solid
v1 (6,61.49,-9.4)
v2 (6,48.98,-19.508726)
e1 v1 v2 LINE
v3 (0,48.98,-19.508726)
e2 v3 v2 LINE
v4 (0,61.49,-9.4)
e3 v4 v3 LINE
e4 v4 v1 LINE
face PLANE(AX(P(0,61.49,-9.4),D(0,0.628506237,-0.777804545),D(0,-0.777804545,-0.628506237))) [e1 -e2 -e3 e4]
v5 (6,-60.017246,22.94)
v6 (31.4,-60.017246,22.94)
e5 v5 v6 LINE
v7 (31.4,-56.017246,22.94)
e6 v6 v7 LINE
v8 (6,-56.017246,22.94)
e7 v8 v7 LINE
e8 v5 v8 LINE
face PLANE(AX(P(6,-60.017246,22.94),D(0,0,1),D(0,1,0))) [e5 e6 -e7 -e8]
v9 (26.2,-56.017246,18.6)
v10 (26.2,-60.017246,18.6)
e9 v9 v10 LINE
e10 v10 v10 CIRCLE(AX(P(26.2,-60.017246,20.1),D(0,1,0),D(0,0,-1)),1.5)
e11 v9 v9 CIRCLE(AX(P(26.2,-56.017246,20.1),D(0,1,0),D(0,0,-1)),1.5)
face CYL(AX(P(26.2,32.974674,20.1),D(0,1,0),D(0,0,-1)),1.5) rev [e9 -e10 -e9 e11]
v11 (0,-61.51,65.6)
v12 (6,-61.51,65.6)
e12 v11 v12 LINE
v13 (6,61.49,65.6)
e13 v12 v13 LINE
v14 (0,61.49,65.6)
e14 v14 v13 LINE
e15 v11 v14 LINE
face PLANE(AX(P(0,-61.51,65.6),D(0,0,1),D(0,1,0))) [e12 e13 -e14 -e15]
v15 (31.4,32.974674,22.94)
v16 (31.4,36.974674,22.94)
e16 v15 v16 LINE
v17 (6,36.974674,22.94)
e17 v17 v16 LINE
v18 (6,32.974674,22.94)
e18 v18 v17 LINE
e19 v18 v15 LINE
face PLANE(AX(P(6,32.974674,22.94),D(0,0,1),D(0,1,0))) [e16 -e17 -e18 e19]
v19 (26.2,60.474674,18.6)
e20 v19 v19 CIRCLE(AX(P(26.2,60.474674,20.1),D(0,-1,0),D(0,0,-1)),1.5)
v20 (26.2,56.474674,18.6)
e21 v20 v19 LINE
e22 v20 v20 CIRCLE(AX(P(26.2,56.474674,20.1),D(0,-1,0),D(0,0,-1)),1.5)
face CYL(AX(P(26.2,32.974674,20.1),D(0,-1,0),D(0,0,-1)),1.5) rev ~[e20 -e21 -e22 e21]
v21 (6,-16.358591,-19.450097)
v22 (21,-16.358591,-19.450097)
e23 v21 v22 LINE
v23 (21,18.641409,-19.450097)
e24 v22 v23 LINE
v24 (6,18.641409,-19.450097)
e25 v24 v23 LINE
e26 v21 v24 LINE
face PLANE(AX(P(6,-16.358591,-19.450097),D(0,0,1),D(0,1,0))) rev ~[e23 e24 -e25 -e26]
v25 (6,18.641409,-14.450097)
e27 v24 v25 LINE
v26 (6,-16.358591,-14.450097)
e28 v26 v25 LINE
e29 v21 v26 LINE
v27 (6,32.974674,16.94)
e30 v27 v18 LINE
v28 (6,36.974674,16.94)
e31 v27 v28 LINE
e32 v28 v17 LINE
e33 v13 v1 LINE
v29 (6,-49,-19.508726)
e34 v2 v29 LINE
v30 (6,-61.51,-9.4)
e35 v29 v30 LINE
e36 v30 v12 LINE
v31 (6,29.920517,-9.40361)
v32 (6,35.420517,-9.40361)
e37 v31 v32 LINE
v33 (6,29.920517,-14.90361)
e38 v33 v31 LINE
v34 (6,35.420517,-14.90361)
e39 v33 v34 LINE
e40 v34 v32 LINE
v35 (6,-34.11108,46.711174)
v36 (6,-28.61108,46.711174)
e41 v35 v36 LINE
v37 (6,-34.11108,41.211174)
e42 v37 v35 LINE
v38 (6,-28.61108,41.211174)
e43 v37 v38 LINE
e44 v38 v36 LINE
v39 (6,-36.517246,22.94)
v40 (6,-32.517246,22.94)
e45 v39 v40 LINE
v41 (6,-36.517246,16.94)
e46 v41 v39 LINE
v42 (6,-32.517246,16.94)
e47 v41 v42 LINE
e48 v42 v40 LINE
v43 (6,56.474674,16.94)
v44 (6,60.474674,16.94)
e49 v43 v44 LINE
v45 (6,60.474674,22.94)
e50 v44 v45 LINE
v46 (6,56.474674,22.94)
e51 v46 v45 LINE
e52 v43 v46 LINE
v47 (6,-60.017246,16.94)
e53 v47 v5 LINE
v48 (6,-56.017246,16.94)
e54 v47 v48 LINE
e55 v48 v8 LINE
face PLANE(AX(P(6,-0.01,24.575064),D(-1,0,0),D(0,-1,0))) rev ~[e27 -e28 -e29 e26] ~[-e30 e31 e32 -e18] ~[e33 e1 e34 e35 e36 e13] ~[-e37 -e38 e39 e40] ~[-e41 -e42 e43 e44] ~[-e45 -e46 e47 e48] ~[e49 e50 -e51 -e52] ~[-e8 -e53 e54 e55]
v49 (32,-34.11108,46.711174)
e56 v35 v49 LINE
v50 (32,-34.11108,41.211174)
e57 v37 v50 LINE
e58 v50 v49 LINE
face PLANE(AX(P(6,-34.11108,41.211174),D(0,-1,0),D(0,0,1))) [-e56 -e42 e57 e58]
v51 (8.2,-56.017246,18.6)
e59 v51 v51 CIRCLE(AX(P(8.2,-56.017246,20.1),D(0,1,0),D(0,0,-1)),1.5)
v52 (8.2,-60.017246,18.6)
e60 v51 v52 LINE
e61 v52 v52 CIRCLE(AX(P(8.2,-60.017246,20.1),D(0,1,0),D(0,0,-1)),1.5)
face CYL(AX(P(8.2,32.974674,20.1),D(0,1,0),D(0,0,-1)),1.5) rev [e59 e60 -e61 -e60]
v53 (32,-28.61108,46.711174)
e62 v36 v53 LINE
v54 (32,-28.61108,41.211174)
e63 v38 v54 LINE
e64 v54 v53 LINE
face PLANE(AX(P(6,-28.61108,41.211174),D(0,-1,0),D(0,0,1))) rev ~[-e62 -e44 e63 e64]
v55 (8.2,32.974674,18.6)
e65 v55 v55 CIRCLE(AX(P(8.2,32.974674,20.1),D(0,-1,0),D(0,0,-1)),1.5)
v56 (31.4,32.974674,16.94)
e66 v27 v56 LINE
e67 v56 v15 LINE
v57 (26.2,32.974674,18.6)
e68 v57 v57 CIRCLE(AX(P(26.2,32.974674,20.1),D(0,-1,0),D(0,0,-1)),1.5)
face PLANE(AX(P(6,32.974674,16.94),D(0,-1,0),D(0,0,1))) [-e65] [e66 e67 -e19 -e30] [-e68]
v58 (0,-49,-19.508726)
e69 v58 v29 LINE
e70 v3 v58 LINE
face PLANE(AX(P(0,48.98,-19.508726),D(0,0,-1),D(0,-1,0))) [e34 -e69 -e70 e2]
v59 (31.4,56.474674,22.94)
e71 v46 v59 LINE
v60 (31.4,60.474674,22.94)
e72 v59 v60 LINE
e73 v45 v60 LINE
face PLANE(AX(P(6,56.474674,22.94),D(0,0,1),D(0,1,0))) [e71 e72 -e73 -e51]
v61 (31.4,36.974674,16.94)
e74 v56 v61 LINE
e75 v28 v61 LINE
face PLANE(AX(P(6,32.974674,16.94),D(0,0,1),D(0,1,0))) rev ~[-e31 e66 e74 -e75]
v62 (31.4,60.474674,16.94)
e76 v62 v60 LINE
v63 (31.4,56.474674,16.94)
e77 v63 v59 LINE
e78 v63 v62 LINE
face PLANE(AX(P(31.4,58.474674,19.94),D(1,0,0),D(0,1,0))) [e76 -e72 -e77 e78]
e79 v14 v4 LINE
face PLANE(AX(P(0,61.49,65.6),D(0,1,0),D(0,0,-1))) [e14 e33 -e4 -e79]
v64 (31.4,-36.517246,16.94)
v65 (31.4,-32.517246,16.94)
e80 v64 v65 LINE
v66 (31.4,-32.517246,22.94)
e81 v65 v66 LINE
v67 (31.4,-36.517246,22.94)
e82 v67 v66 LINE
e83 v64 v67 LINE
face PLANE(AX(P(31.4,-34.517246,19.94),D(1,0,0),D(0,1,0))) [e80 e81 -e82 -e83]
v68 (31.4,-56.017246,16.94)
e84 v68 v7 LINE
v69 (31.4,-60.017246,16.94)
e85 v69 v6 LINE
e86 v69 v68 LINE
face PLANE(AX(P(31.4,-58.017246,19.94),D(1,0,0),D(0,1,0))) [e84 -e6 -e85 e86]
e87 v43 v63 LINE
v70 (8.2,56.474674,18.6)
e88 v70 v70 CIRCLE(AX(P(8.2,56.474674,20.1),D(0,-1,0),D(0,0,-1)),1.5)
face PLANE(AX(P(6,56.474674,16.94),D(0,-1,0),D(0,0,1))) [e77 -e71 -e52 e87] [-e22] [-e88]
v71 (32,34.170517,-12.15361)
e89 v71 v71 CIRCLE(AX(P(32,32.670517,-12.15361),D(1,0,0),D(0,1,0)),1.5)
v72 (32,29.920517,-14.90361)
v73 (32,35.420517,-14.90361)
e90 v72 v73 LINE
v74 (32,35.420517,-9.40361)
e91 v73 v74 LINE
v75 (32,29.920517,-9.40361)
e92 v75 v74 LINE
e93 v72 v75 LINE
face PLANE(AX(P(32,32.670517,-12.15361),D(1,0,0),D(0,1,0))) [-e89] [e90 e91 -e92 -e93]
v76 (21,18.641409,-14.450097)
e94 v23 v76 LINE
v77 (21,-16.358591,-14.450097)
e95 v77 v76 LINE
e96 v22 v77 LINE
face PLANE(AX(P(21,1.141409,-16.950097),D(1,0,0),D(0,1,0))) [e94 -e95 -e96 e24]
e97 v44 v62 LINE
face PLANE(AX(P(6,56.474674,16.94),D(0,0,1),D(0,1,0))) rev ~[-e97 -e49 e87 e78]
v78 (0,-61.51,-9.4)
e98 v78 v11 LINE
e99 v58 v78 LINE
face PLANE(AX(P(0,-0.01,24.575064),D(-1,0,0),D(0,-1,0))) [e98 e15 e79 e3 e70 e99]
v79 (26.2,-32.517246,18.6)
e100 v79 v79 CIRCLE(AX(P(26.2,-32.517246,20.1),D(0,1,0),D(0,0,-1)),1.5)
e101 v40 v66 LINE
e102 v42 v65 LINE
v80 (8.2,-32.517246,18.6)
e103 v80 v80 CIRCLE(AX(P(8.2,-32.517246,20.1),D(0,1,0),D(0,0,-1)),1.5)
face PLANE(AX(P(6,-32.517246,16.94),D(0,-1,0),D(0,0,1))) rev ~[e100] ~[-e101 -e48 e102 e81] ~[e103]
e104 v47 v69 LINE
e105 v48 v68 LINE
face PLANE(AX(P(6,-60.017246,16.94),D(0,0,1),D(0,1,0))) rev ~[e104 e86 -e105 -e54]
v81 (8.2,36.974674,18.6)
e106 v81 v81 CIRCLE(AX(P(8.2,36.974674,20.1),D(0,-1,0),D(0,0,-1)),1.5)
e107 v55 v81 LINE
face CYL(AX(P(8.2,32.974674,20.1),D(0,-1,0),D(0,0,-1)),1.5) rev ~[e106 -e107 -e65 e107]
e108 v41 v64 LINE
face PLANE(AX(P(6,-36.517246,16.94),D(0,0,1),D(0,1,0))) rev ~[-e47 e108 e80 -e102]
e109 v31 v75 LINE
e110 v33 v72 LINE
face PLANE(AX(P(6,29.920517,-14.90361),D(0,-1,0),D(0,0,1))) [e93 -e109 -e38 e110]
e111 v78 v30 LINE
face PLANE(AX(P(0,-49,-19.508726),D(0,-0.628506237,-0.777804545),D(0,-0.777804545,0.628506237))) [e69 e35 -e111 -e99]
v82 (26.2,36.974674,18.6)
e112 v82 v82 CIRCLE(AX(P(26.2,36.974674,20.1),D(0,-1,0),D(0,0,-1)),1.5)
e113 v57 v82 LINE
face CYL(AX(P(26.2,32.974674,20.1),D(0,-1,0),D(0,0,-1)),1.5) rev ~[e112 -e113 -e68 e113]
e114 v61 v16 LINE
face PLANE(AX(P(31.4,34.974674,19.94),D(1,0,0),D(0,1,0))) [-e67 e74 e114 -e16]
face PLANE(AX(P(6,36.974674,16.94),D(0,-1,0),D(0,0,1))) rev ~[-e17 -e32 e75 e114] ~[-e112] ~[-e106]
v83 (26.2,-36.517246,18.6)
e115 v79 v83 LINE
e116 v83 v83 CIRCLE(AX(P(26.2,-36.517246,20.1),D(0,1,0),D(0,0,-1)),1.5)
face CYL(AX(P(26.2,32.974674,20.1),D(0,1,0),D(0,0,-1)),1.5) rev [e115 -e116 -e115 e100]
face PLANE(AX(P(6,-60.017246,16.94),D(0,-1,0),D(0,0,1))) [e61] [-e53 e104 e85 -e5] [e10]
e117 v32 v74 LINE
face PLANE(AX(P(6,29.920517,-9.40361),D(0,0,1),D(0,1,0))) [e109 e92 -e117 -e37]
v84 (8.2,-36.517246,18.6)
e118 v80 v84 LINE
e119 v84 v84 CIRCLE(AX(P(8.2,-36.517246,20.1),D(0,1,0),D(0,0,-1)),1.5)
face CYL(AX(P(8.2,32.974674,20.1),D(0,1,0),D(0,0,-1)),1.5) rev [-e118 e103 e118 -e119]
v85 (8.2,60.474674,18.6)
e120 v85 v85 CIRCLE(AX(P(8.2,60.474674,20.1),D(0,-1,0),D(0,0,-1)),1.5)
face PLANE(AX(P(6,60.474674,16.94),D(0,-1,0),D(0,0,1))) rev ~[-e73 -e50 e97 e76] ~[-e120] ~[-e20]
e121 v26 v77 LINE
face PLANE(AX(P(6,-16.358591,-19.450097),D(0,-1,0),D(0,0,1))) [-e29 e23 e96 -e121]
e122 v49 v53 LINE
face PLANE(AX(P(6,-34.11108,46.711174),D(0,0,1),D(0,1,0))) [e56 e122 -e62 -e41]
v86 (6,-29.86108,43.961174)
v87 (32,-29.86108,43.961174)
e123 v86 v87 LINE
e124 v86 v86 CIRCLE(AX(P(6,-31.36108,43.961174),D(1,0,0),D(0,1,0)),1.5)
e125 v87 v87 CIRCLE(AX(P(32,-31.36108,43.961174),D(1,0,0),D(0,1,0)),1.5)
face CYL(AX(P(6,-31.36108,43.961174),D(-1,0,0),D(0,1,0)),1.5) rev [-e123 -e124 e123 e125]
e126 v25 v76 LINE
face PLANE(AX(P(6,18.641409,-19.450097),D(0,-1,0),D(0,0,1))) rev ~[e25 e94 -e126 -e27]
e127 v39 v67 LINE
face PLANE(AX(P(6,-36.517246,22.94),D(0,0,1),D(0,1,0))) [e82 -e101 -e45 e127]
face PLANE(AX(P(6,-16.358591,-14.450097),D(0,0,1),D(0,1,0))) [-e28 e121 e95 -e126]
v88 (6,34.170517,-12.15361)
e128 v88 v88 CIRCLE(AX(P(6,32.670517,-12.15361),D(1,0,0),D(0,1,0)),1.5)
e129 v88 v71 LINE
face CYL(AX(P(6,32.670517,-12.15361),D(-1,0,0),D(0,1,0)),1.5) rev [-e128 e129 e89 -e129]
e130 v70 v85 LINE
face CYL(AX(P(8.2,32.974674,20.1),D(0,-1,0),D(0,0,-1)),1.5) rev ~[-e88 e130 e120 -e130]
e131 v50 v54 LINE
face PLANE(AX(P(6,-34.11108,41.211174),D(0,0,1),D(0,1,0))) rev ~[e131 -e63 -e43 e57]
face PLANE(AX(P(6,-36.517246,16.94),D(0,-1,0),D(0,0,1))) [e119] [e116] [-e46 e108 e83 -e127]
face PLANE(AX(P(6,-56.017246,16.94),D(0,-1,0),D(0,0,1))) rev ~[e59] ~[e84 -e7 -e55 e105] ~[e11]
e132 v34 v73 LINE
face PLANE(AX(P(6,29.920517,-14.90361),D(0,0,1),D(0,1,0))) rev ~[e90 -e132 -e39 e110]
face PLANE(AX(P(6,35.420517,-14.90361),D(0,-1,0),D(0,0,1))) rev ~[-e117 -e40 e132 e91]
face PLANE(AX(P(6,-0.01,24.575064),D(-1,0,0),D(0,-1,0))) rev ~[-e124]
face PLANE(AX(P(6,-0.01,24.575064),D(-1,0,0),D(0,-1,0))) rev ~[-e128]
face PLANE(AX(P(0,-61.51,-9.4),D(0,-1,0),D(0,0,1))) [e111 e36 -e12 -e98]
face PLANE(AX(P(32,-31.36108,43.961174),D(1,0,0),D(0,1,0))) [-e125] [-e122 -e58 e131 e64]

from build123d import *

# Parameters (mm, degrees)
PAD_DEPTH         = 6
SKETCH001_W       = 4
SKETCH001_H       = 6
PAD001_DEPTH      = 25.4
SKETCH002_R       = 1.5
POCKET_DEPTH      = 100
POCKET_DEPTH_BACK = 100
SKETCH003_W       = 35
SKETCH003_H       = 5
PAD002_DEPTH      = 15
SKETCH012_W       = 5.5
SKETCH012_H       = 5.5
SKETCH012_R       = 1.5
PAD010_DEPTH      = 26


with BuildPart() as part:
    # Sketch → Pad (new body)
    with BuildSketch(Plane.YZ):
        Polygon((-61.51, 65.6), (61.49, 65.6), (61.49, -9.4), (48.98, -19.508726), (-49, -19.508726), (-61.51, -9.4), align=None)
    extrude(amount=PAD_DEPTH)

    # Sketch001 (on Face8 of Pad) → Pad001 (join)
    with BuildSketch(Plane.YZ.offset(6)):
        with Locations((34.974674, 19.94)):
            Rectangle(SKETCH001_W, SKETCH001_H)
        with Locations((58.474674, 19.94)):
            Rectangle(SKETCH001_W, SKETCH001_H)
        with Locations((-34.517246, 19.94)):
            Rectangle(SKETCH001_W, SKETCH001_H)
        with Locations((-58.017246, 19.94)):
            Rectangle(SKETCH001_W, SKETCH001_H)
    extrude(amount=PAD001_DEPTH)

    # Sketch002 (on Face14 of Pad001) → Pocket (cut, two sides)
    with BuildSketch(Plane(origin=(0, 32.974674, 0), x_dir=(0, 0, -1), z_dir=(0, -1, 0))) as pocket_sk:
        with Locations((-20.1, 26.2)):
            Circle(SKETCH002_R)
        with Locations((-20.1, 8.2)):
            Circle(SKETCH002_R)
    extrude(amount=-POCKET_DEPTH, mode=Mode.SUBTRACT)
    extrude(pocket_sk.sketch, amount=POCKET_DEPTH_BACK, mode=Mode.SUBTRACT)

    # Sketch003 (on Face5 of Pocket) → Pad002 (join)
    with BuildSketch(Plane.YZ.offset(6)):
        with Locations((1.141409, -16.950097)):
            Rectangle(SKETCH003_W, SKETCH003_H)
    extrude(amount=PAD002_DEPTH)

    # Sketch012 (on Face5 of Pad002) → Pad010 (join)
    with BuildSketch(Plane.YZ.offset(6)):
        with Locations((-31.36108, 43.961174)):
            Rectangle(SKETCH012_W, SKETCH012_H)
        with Locations((-31.36108, 43.961174)):
            Circle(SKETCH012_R, mode=Mode.SUBTRACT)
        with Locations((32.670517, -12.15361)):
            Rectangle(SKETCH012_W, SKETCH012_H)
        with Locations((32.670517, -12.15361)):
            Circle(SKETCH012_R, mode=Mode.SUBTRACT)
    extrude(amount=PAD010_DEPTH)


solid = part.part
